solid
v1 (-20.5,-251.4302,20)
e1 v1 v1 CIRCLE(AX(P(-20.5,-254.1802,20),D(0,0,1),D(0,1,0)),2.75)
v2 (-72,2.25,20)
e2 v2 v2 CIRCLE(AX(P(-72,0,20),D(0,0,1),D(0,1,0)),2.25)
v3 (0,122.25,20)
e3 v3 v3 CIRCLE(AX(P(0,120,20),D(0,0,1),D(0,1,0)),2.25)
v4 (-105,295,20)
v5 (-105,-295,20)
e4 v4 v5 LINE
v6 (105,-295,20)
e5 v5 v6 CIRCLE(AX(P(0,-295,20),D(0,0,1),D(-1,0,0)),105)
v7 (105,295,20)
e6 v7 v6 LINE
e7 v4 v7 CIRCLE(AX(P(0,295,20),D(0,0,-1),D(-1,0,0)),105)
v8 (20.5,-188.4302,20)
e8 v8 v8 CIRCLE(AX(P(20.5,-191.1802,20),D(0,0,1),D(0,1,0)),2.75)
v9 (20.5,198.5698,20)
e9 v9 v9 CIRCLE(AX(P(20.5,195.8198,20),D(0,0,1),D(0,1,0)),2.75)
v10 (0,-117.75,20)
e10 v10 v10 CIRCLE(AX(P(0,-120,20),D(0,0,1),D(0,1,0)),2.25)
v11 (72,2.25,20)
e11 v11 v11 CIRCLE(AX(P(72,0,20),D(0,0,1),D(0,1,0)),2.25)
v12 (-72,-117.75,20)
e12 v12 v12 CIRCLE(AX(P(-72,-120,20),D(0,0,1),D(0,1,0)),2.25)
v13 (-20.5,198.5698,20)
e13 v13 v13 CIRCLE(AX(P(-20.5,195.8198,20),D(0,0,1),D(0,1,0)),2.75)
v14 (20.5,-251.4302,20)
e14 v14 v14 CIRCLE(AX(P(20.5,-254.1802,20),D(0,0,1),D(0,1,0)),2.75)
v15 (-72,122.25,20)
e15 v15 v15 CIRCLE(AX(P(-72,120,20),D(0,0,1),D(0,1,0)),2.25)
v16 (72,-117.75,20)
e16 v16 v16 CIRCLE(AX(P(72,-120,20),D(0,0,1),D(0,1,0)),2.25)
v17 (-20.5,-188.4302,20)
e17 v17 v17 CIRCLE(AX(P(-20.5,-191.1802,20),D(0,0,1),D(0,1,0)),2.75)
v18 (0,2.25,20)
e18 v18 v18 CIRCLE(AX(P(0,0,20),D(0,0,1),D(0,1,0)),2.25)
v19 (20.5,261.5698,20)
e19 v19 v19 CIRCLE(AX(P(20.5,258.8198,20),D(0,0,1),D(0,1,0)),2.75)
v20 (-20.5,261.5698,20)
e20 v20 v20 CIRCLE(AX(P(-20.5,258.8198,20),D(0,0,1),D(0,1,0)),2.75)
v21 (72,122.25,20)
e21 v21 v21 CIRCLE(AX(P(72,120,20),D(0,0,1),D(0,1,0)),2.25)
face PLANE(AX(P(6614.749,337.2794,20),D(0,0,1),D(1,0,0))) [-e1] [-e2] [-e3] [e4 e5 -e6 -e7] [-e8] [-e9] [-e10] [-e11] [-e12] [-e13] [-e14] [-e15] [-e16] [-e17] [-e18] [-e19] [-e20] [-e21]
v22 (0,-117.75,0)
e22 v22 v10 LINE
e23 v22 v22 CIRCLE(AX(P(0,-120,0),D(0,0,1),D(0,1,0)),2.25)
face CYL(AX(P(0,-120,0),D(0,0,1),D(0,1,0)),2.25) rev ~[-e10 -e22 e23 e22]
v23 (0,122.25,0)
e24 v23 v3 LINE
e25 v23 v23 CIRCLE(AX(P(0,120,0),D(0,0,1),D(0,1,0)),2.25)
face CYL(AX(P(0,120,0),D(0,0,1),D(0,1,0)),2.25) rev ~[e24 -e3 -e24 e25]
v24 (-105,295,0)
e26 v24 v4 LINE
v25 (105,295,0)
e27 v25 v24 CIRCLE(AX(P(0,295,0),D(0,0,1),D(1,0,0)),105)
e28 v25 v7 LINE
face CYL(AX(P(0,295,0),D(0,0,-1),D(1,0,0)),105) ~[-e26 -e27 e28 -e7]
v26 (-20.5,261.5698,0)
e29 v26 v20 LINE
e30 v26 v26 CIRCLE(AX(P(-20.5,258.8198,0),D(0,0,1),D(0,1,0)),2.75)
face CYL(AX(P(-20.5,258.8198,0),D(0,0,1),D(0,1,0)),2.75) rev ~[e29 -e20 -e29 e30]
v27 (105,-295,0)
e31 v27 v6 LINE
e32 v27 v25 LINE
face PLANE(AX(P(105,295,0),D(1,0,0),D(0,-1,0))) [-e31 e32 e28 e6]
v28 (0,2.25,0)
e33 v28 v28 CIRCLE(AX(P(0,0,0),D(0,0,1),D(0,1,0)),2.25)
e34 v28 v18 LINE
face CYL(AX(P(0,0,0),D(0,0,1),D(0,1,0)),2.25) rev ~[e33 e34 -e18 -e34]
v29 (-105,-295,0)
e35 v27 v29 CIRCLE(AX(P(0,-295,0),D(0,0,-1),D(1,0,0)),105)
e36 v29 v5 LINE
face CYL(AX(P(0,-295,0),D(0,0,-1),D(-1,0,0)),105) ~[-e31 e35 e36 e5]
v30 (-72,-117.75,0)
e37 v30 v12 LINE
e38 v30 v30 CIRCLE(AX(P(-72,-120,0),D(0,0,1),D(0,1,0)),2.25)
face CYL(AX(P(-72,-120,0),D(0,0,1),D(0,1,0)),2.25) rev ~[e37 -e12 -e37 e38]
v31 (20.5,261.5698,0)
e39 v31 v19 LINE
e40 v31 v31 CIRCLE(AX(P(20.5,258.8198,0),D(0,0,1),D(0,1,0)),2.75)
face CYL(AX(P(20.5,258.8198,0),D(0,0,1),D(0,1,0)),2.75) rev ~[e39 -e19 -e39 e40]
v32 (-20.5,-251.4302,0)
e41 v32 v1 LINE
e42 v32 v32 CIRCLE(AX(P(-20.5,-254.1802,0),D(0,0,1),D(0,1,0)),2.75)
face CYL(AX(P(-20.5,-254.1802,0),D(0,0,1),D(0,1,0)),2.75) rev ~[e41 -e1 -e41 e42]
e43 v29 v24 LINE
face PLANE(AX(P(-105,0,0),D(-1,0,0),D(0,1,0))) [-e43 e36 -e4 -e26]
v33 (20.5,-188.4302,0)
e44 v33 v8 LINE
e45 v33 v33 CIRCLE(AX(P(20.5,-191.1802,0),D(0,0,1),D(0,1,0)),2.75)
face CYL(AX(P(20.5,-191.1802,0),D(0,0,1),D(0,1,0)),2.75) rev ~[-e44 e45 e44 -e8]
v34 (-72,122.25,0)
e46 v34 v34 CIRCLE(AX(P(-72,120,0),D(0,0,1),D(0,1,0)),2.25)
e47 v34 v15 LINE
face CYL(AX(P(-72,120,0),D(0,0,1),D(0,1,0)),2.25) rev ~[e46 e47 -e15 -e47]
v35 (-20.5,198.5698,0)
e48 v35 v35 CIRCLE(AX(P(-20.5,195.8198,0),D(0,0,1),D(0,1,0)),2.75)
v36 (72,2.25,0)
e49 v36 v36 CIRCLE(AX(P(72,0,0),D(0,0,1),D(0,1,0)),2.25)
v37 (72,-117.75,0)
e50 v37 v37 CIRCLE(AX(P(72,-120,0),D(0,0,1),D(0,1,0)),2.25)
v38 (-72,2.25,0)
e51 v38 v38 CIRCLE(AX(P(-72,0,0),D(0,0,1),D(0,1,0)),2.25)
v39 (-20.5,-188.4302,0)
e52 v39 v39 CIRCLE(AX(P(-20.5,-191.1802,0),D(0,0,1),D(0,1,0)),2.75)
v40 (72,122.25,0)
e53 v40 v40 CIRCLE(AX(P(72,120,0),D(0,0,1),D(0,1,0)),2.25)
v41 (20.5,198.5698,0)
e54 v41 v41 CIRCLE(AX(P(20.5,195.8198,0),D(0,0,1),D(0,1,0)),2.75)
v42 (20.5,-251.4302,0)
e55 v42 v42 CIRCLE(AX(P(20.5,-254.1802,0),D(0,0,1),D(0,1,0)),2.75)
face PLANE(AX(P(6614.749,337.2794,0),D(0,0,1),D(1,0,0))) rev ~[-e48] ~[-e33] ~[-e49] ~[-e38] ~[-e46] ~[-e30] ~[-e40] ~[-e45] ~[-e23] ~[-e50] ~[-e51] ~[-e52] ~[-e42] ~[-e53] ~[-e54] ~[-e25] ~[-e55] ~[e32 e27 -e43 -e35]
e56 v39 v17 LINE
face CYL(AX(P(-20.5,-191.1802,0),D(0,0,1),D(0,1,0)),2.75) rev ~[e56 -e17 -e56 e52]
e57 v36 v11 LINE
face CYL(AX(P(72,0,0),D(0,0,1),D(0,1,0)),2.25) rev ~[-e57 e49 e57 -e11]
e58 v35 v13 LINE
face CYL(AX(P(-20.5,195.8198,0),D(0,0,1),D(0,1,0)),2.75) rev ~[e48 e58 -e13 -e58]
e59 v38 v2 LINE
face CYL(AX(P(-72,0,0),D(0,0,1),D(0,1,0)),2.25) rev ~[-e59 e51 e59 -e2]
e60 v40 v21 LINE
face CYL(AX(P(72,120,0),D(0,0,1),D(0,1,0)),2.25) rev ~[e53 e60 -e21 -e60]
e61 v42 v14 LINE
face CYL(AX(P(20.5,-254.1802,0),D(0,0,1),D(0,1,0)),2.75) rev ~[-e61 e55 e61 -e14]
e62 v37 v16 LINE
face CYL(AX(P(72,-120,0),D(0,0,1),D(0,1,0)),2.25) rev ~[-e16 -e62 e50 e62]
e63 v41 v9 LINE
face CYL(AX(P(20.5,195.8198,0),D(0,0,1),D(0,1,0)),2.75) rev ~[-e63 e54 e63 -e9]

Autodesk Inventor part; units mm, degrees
ref_plane "作業平面1" through (6614.749, 337.2794, 0) normal (0, 0, 1) x (1, 0, 0)
sketch "スケッチ1" plane through (6614.749, 337.2794, 0) normal (0, 0, 1) x (1, 0, 0)
  line L0 (-6509.749, -42.2794) -> (-6509.749, -632.2794)
  line L1 (-6509.749, -632.2794) -> (-6719.749, -632.2794)
  line L2 (-6719.749, -632.2794) -> (-6719.749, -42.2794)
  line L3 (-6719.749, -42.2794) -> (-6509.749, -42.2794)
  arc A0 (-6509.749, -42.2794) -> (-6719.749, -42.2794) centre (-6614.749, -42.2794) ccw
  arc A1 (-6719.749, -632.2794) -> (-6509.749, -632.2794) centre (-6614.749, -632.2794) ccw
  line L4 (-6614.749, -897.2794) -> (-6614.749, 222.7206) projected
  line L5 (-8036.2537, -337.2794) -> (1179.2797, -337.2794) projected
  line L6 (-6509.749, -337.2794) -> (-137.2251, -337.2794)
  point P0 (-6614.749, -337.2794)
  dimension "d1" = 210
  dimension "d3" = 105
  dimension "d4" = 590
  dimension "d5" = 105
  dimension "d8" = 295
extrude "押し出し1" add sketch "スケッチ1" along normal blind 20
sketch "スケッチ2" plane through (6614.749, 337.2794, 0) normal (0, 0, -1) x (-1, 0, 0)
  spline S0 degree 3 poles (6630.8363, -557.2765) (6630.8356, -556.4314) (6630.8307, -555.5861) (6630.7821, -551.1548) (6630.6652, -547.5706) (6630.2129, -540.6292) (6629.8924, -537.269) (6629.059, -531.5504) (6628.6277, -529.1809) (6627.5, -524.5004) (6626.8057, -522.1844) (6625.8839, -519.9595) knots -3.785676 -3.785676 -3.785676 -3.785676 -3.532131 -3.532131 -2.4562 -2.4562 -1.444966 -1.444966 -0.722485 -0.722485 0 0 0 0 projected
  spline S1 degree 3 poles (6630.0302, -579.9499) (6630.1435, -578.1819) (6630.247, -576.4134) (6630.4408, -572.7081) (6630.5289, -570.7713) (6630.6019, -568.834) (6630.6759, -566.8669) (6630.7344, -564.8993) (6630.8129, -561.0466) (6630.8346, -559.1616) (6630.8363, -557.2765) knots -2.294162 -2.294162 -2.294162 -2.294162 -1.762693 -1.762693 -1.181069 -1.181069 -1.181069 -0.590534 -0.590534 -0.025021 -0.025021 -0.025021 -0.025021 projected
  spline S2 degree 3 poles (6629.9005, -581.946) (6629.933, -581.4474) (6629.9654, -580.9489) (6629.9979, -580.4504) (6630.0033, -580.367) (6630.0087, -580.2836) (6630.0195, -580.1167) (6630.0249, -580.0333) (6630.0302, -579.9499) knots -0.65131 -0.65131 -0.65131 -0.65131 -0.501438 -0.501438 -0.501438 -0.47636 -0.47636 -0.451282 -0.451282 -0.451282 -0.451282 projected
  ellipse E0 centre (6627.749, -583.7463) end of major axis (6627.749, -580.2108) minor radius 2.5 (6630.249, -583.7463) -> (6629.9005, -581.946) ccw projected
  line L0 (6630.249, -596.9595) -> (6630.249, -583.7463) projected
  line L1 (6640.249, -596.9595) -> (6630.249, -596.9595) projected
  arc A0 (6640.249, -596.9595) -> (6641.749, -595.4595) centre (6640.249, -595.4595) ccw projected
  line L2 (6641.749, -521.4595) -> (6641.749, -595.4595) projected
  arc A1 (6641.749, -521.4595) -> (6640.249, -519.9595) centre (6640.249, -521.4595) ccw projected
  line L3 (6625.8839, -519.9595) -> (6640.249, -519.9595) projected
  circle A2 centre (6635.249, -591.4595) radius 3 projected
  circle A3 centre (6635.249, -528.4595) radius 3 projected
  circle A4 centre (6594.249, -591.4595) radius 3 projected
  circle A5 centre (6594.249, -528.4595) radius 3 projected
  spline S3 degree 3 poles (6599.4677, -579.9499) (6599.473, -580.0333) (6599.4784, -580.1167) (6599.4892, -580.2836) (6599.4946, -580.367) (6599.5, -580.4504) (6599.5325, -580.9489) (6599.5649, -581.4474) (6599.5974, -581.946) knots -0.050156 -0.050156 -0.050156 -0.050156 -0.025078 -0.025078 0 0 0 0.149872 0.149872 0.149872 0.149872 projected
  spline S4 degree 3 poles (6598.6616, -557.2765) (6598.6633, -559.1539) (6598.6848, -561.0313) (6598.7628, -564.8687) (6598.8208, -566.8287) (6598.8943, -568.7881) (6598.9673, -570.7332) (6599.0556, -572.6776) (6599.25, -576.3981) (6599.3539, -578.1743) (6599.4677, -579.9499) knots -2.319296 -2.319296 -2.319296 -2.319296 -1.756075 -1.756075 -1.167834 -1.167834 -1.167834 -0.583917 -0.583917 -0.050156 -0.050156 -0.050156 -0.050156 projected
  spline S5 degree 3 poles (6603.614, -519.9595) (6602.3019, -523.1265) (6601.4408, -526.4662) (6600.1974, -532.85) (6599.7845, -535.9073) (6599.0649, -543.0901) (6598.8445, -547.2235) (6598.6873, -553.3316) (6598.6634, -555.3041) (6598.6616, -557.2765) knots -3.810629 -3.810629 -3.810629 -3.810629 -2.782212 -2.782212 -1.858006 -1.858006 -0.616716 -0.616716 -0.024978 -0.024978 -0.024978 -0.024978 projected
  line L4 (6589.249, -519.9595) -> (6603.614, -519.9595) projected
  arc A6 (6589.249, -519.9595) -> (6587.749, -521.4595) centre (6589.249, -521.4595) ccw projected
  line L5 (6587.749, -595.4595) -> (6587.749, -521.4595) projected
  arc A7 (6587.749, -595.4595) -> (6589.249, -596.9595) centre (6589.249, -595.4595) ccw projected
  line L6 (6599.249, -596.9595) -> (6589.249, -596.9595) projected
  line L7 (6599.249, -583.7463) -> (6599.249, -596.9595) projected
  ellipse E1 centre (6601.749, -583.7463) end of major axis (6601.749, -580.2108) minor radius 2.5 (6599.5974, -581.946) -> (6599.249, -583.7463) ccw projected
  spline S6 degree 3 poles (6630.8363, -107.2765) (6630.8356, -106.4314) (6630.8307, -105.5861) (6630.7821, -101.1548) (6630.6652, -97.5706) (6630.2129, -90.6292) (6629.8924, -87.269) (6629.059, -81.5504) (6628.6277, -79.1809) (6627.5, -74.5004) (6626.8057, -72.1844) (6625.8839, -69.9595) knots -3.785676 -3.785676 -3.785676 -3.785676 -3.532131 -3.532131 -2.4562 -2.4562 -1.444966 -1.444966 -0.722485 -0.722485 0 0 0 0 projected
  spline S7 degree 3 poles (6630.0302, -129.9499) (6630.1435, -128.1819) (6630.247, -126.4134) (6630.4408, -122.7081) (6630.5289, -120.7713) (6630.6019, -118.834) (6630.6759, -116.8669) (6630.7344, -114.8993) (6630.8129, -111.0466) (6630.8346, -109.1616) (6630.8363, -107.2765) knots -2.294162 -2.294162 -2.294162 -2.294162 -1.762693 -1.762693 -1.181069 -1.181069 -1.181069 -0.590534 -0.590534 -0.025021 -0.025021 -0.025021 -0.025021 projected
  spline S8 degree 3 poles (6629.9005, -131.946) (6629.933, -131.4474) (6629.9654, -130.9489) (6629.9979, -130.4504) (6630.0033, -130.367) (6630.0087, -130.2836) (6630.0195, -130.1167) (6630.0249, -130.0333) (6630.0302, -129.9499) knots -0.65131 -0.65131 -0.65131 -0.65131 -0.501438 -0.501438 -0.501438 -0.47636 -0.47636 -0.451282 -0.451282 -0.451282 -0.451282 projected
  ellipse E2 centre (6627.749, -133.7463) end of major axis (6627.749, -130.2108) minor radius 2.5 (6630.249, -133.7463) -> (6629.9005, -131.946) ccw projected
  line L8 (6630.249, -146.9595) -> (6630.249, -133.7463) projected
  line L9 (6640.249, -146.9595) -> (6630.249, -146.9595) projected
  arc A8 (6640.249, -146.9595) -> (6641.749, -145.4595) centre (6640.249, -145.4595) ccw projected
  line L10 (6641.749, -71.4595) -> (6641.749, -145.4595) projected
  arc A9 (6641.749, -71.4595) -> (6640.249, -69.9595) centre (6640.249, -71.4595) ccw projected
  line L11 (6625.8839, -69.9595) -> (6640.249, -69.9595) projected
  circle A10 centre (6635.249, -141.4595) radius 3 projected
  circle A11 centre (6635.249, -78.4595) radius 3 projected
  circle A12 centre (6594.249, -141.4595) radius 3 projected
  circle A13 centre (6594.249, -78.4595) radius 3 projected
  spline S9 degree 3 poles (6599.4677, -129.9499) (6599.473, -130.0333) (6599.4784, -130.1167) (6599.4892, -130.2836) (6599.4946, -130.367) (6599.5, -130.4504) (6599.5325, -130.9489) (6599.5649, -131.4474) (6599.5974, -131.946) knots -0.050156 -0.050156 -0.050156 -0.050156 -0.025078 -0.025078 0 0 0 0.149872 0.149872 0.149872 0.149872 projected
  spline S10 degree 3 poles (6598.6616, -107.2765) (6598.6633, -109.1539) (6598.6848, -111.0313) (6598.7628, -114.8687) (6598.8208, -116.8287) (6598.8943, -118.7881) (6598.9673, -120.7332) (6599.0556, -122.6776) (6599.25, -126.3981) (6599.3539, -128.1743) (6599.4677, -129.9499) knots -2.319296 -2.319296 -2.319296 -2.319296 -1.756075 -1.756075 -1.167834 -1.167834 -1.167834 -0.583917 -0.583917 -0.050156 -0.050156 -0.050156 -0.050156 projected
  spline S11 degree 3 poles (6603.614, -69.9595) (6602.3019, -73.1265) (6601.4408, -76.4662) (6600.1974, -82.85) (6599.7845, -85.9073) (6599.0649, -93.0901) (6598.8445, -97.2235) (6598.6873, -103.3316) (6598.6634, -105.3041) (6598.6616, -107.2765) knots -3.810629 -3.810629 -3.810629 -3.810629 -2.782212 -2.782212 -1.858006 -1.858006 -0.616716 -0.616716 -0.024978 -0.024978 -0.024978 -0.024978 projected
  line L12 (6589.249, -69.9595) -> (6603.614, -69.9595) projected
  arc A14 (6589.249, -69.9595) -> (6587.749, -71.4595) centre (6589.249, -71.4595) ccw projected
  line L13 (6587.749, -145.4595) -> (6587.749, -71.4595) projected
  arc A15 (6587.749, -145.4595) -> (6589.249, -146.9595) centre (6589.249, -145.4595) ccw projected
  line L14 (6599.249, -146.9595) -> (6589.249, -146.9595) projected
  line L15 (6599.249, -133.7463) -> (6599.249, -146.9595) projected
  ellipse E3 centre (6601.749, -133.7463) end of major axis (6601.749, -130.2108) minor radius 2.5 (6599.5974, -131.946) -> (6599.249, -133.7463) ccw projected
  point P0 (6614.749, -337.2794)
hole "穴1" at (-20.5, -191.1802, 0) at (20.5, -191.1802, 0) at (20.5, -254.1802, 0) at (-20.5, -254.1802, 0) at (-20.5, 258.8198, 0) at (20.5, 258.8198, 0) at (-20.5, 195.8198, 0) at (20.5, 195.8198, 0) direction (0, 0, 1) diameter 5.5 end through all
sketch "スケッチ4" plane through (0, 0, 0) normal (0, 0, 1) x (1, 0, 0)
  circle A0 centre (-20.5, 195.8198) radius 2.75 projected
  circle A1 centre (-20.5, 258.8198) radius 2.75 projected
  circle A2 centre (20.5, -254.1802) radius 2.75 projected
  circle A3 centre (-20.5, -191.1802) radius 2.75 projected
  circle A4 centre (20.5, -191.1802) radius 2.75 projected
  circle A5 centre (-20.5, -254.1802) radius 2.75 projected
  circle A6 centre (20.5, 258.8198) radius 2.75 projected
  circle A7 centre (20.5, 195.8198) radius 2.75 projected
  arc A8 (105, 295) -> (-105, 295) centre (0, 295) ccw projected
  line L0 (-105, 295) -> (-105, -295) projected
  arc A9 (-105, -295) -> (105, -295) centre (0, -295) ccw projected
  line L1 (105, -295) -> (105, 295) projected
  line L2 (65, -50) -> (65, 50)
  line L3 (30, 50) -> (30, -50)
  line L4 (30, -50) -> (65, 50) construction
  line L5 (65, -50) -> (30, 50) construction
  arc A10 (30, -50) -> (65, -50) centre (47.5, -40.3175) ccw
  line L6 (-147, 0) -> (147, 0) projected
  arc A11 (65, 50) -> (30, 50) centre (47.5, 40.3175) ccw
  point P0 (0, 0)
  point P1 (47.5, 0)
  dimension "d16" = 35
  dimension "d17" = 100
  dimension "d18" = 40
  dimension "d19" = 20
  dimension "d20" = 20
extrude "押し出し2" [suppressed]
sketch "スケッチ6" plane through (6614.749, 337.2794, 0) normal (0, 0, -1) x (-1, 0, 0)
  line L0 (6467.749, -337.2794) -> (6761.749, -337.2794) projected
  line L1 (6614.749, -897.2794) -> (6614.749, 222.7206) projected
  point P0 (6614.749, -337.2794)
  point P1 (6614.749, -337.2794)
  point P2 (6542.749, -337.2794)
  point P3 (6542.749, -457.2794)
  point P4 (6614.749, -457.2794)
  point P5 (6614.749, -337.2794)
  point P6 (6542.749, -217.2794)
  point P7 (6614.749, -217.2794)
  point P8 (6686.749, -337.2794)
  point P9 (6686.749, -457.2794)
  point P10 (6686.749, -217.2794)
  dimension "d23" = 120
  dimension "d24" = 72
  dimension "d25" = 72
hole "穴2" at (0, 0, 0) at (72, 0, 0) at (72, -120, 0) at (0, -120, 0) at (0, 120, 0) at (72, 120, 0) at (-72, -120, 0) at (-72, 0, 0) at (-72, 120, 0) direction (0, 0, 1) diameter 4.5 end through all
equation "\"d5\" = 0.5 * d1"
equation "\"d8\" = 0.5 * d4"
equation "\"d20\" = d19"
equation "\"d25\" = d24"
properties part number "board" material "木材(サクラ)"
